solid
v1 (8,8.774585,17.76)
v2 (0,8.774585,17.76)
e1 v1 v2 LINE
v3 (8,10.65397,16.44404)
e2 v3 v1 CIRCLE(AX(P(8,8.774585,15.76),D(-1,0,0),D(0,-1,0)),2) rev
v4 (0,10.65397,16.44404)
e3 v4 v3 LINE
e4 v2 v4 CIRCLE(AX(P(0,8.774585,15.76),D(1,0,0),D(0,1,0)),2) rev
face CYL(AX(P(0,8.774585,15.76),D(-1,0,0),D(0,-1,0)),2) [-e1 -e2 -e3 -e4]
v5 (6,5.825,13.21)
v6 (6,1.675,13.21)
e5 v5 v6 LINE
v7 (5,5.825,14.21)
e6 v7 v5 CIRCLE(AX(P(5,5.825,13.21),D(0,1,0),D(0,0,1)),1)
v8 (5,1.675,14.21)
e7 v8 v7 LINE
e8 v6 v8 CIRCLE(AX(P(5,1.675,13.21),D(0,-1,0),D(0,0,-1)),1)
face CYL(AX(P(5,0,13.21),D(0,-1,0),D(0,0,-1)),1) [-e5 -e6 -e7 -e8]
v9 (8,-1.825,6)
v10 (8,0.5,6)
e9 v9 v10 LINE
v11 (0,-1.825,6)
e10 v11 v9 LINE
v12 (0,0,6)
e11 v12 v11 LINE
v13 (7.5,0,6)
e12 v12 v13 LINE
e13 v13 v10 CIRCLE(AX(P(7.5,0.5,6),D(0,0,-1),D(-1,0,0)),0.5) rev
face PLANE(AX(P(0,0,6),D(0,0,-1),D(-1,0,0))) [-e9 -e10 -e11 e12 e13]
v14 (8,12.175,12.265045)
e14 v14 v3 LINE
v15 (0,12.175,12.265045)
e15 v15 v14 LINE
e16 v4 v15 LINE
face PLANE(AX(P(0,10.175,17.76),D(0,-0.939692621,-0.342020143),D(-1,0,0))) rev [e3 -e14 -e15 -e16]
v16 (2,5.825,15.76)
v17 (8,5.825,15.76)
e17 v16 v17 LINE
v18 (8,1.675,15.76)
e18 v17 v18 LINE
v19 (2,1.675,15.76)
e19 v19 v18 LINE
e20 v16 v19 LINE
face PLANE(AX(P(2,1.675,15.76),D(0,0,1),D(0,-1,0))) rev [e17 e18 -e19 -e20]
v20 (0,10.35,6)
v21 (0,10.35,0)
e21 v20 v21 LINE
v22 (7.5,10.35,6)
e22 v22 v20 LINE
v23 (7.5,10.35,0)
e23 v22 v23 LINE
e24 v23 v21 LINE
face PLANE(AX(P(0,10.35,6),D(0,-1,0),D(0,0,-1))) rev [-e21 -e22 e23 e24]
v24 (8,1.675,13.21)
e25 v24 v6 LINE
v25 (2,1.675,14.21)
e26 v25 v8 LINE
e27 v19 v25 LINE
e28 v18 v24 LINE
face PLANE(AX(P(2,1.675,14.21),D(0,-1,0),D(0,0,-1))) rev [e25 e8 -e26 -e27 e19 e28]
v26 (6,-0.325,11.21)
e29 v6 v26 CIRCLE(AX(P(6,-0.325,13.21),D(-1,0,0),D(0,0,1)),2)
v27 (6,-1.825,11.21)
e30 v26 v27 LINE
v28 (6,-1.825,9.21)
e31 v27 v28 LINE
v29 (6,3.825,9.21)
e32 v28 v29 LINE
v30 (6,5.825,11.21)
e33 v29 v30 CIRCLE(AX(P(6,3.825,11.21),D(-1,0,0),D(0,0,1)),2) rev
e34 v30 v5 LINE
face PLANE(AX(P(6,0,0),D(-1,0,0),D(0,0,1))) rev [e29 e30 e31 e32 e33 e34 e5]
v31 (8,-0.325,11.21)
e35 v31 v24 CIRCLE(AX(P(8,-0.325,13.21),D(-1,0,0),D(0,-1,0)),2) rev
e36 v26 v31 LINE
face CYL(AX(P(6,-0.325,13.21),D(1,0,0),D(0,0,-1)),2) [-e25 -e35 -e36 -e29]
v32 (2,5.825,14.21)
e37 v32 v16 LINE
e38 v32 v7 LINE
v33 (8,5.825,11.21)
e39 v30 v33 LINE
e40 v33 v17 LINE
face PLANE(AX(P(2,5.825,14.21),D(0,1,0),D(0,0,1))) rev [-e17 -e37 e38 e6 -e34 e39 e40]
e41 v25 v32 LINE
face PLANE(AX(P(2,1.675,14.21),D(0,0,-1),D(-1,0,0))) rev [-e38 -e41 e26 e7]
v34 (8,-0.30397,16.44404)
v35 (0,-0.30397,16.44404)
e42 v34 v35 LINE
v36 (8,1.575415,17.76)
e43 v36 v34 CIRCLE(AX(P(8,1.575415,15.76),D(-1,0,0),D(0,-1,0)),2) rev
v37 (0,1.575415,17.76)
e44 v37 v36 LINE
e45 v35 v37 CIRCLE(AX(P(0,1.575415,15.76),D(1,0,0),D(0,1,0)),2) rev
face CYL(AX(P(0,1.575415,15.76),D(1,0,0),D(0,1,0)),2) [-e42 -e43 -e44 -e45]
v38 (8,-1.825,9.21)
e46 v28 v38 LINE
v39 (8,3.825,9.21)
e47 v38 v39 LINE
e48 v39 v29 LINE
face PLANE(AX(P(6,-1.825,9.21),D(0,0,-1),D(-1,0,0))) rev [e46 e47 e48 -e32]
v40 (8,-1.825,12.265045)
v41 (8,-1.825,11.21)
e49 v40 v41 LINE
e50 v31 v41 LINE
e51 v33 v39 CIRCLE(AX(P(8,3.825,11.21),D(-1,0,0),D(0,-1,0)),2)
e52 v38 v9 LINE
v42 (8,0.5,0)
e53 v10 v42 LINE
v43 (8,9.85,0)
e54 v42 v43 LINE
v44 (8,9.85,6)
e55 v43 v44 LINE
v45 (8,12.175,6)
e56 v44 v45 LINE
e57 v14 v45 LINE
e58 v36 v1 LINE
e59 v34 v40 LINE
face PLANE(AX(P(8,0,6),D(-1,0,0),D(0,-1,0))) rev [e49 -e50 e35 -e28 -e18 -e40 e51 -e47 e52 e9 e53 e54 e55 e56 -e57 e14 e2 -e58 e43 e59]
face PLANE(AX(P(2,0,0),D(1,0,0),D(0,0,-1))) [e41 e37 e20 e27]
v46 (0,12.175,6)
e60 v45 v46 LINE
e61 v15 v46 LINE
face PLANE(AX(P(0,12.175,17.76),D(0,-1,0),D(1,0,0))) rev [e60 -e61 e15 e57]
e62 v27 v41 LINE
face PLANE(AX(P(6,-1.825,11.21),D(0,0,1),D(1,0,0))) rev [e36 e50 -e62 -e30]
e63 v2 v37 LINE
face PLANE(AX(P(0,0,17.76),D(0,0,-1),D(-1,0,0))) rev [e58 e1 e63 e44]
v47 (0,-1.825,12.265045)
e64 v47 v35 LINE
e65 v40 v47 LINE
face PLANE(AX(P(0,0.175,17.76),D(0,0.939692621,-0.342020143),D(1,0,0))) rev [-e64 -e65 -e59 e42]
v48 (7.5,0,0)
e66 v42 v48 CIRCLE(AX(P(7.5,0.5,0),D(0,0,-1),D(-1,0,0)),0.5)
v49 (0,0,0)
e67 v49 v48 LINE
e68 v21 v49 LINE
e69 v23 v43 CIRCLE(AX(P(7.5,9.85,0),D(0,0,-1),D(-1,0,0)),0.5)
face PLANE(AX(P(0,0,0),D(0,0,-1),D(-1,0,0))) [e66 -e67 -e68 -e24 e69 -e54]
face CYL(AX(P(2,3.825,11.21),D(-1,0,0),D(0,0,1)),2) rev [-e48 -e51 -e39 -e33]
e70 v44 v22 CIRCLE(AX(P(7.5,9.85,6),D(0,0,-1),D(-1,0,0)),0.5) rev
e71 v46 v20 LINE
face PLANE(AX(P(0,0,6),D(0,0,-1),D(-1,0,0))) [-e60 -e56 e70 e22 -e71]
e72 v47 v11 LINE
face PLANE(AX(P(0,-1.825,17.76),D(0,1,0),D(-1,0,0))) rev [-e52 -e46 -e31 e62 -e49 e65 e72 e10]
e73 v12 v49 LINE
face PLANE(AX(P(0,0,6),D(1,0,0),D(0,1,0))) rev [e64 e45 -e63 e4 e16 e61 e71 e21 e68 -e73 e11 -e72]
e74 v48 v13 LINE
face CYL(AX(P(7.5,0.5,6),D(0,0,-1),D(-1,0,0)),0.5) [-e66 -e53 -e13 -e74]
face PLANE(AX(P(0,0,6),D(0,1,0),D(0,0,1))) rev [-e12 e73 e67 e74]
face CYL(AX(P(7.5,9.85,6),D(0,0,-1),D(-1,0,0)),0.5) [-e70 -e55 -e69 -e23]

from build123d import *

# Parameters (mm, degrees)
SKETCH1_W           = 8
SKETCH1_H           = 10.35
BOSS_EXTRUDE1_DEPTH = 6
SKETCH2_W           = 8
SKETCH2_H           = 14
BOSS_EXTRUDE2_DEPTH = 11.76
SKETCH3_W           = 1.55
SKETCH3_H           = 4.15
CUT_EXTRUDE1_DEPTH  = 6
CUT_EXTRUDE2_DEPTH  = 2
CHAMFER1_SIZE       = 2
CHAMFER1_SIZE2      = 5.494954839
FILLET1_R           = 2
FILLET2_R           = 2
FILLET3_R           = 1
FILLET5_R           = 0.5


with BuildPart() as part:
    # Sketch1 → Boss-Extrude1 (new body)
    with BuildSketch(Plane.XY):
        with Locations((4, 5.175)):
            Rectangle(SKETCH1_W, SKETCH1_H)
    extrude(amount=BOSS_EXTRUDE1_DEPTH)

    # Sketch2 → Boss-Extrude2 (add)
    with BuildSketch(Plane.XY.offset(6)):
        with Locations((4, 5.175)):
            Rectangle(SKETCH2_W, SKETCH2_H)
    extrude(amount=BOSS_EXTRUDE2_DEPTH)

    # Sketch3 → Cut-Extrude1 (cut)
    with BuildSketch(Plane(origin=(8, 0, 0), x_dir=(0, 0, -1), z_dir=(1, 0, 0))):
        with Locations((-14.985, 3.75)):
            Rectangle(SKETCH3_W, SKETCH3_H)
    extrude(amount=-CUT_EXTRUDE1_DEPTH, mode=Mode.SUBTRACT)

    # Sketch4 → Cut-Extrude2 (cut)
    with BuildSketch(Plane(origin=(8, 0, 0), x_dir=(0, 0, -1), z_dir=(1, 0, 0))):
        Polygon((-14.21, 1.675), (-11.21, 1.675), (-11.21, -1.825), (-9.21, -1.825), (-9.21, 5.825), (-14.21, 5.825), align=None)
    extrude(amount=-CUT_EXTRUDE2_DEPTH, mode=Mode.SUBTRACT)

    # Chamfer1
    chamfer1_edges = [part.edges().sort_by_distance(p)[0] for p in [
        (4, -1.825, 17.76),
        (4, 12.175, 17.76),
    ]]
    chamfer1_side = [part.faces().sort_by_distance(p)[0] for p in [
        (4, 5.175, 17.76),
    ]]
    chamfer(chamfer1_edges, length=CHAMFER1_SIZE, length2=CHAMFER1_SIZE2, reference=chamfer1_side[0])

    # Fillet1
    fillet1_edges = [part.edges().sort_by_distance(p)[0] for p in [
        (4, 0.175, 17.76),
        (4, 10.175, 17.76),
    ]]
    fillet(fillet1_edges, radius=FILLET1_R)

    # Fillet2
    fillet2_edges = [part.edges().sort_by_distance(p)[0] for p in [
        (7, 5.825, 9.21),
        (7, 1.675, 11.21),
    ]]
    fillet(fillet2_edges, radius=FILLET2_R)

    # Fillet3
    fillet3_edges = [part.edges().sort_by_distance(p)[0] for p in [
        (6, 3.75, 14.21),
    ]]
    fillet(fillet3_edges, radius=FILLET3_R)

    # Fillet5
    fillet5_edges = [part.edges().sort_by_distance(p)[0] for p in [
        (8, 10.35, 3),
        (8, 0, 3),
    ]]
    fillet(fillet5_edges, radius=FILLET5_R)


solid = part.part
